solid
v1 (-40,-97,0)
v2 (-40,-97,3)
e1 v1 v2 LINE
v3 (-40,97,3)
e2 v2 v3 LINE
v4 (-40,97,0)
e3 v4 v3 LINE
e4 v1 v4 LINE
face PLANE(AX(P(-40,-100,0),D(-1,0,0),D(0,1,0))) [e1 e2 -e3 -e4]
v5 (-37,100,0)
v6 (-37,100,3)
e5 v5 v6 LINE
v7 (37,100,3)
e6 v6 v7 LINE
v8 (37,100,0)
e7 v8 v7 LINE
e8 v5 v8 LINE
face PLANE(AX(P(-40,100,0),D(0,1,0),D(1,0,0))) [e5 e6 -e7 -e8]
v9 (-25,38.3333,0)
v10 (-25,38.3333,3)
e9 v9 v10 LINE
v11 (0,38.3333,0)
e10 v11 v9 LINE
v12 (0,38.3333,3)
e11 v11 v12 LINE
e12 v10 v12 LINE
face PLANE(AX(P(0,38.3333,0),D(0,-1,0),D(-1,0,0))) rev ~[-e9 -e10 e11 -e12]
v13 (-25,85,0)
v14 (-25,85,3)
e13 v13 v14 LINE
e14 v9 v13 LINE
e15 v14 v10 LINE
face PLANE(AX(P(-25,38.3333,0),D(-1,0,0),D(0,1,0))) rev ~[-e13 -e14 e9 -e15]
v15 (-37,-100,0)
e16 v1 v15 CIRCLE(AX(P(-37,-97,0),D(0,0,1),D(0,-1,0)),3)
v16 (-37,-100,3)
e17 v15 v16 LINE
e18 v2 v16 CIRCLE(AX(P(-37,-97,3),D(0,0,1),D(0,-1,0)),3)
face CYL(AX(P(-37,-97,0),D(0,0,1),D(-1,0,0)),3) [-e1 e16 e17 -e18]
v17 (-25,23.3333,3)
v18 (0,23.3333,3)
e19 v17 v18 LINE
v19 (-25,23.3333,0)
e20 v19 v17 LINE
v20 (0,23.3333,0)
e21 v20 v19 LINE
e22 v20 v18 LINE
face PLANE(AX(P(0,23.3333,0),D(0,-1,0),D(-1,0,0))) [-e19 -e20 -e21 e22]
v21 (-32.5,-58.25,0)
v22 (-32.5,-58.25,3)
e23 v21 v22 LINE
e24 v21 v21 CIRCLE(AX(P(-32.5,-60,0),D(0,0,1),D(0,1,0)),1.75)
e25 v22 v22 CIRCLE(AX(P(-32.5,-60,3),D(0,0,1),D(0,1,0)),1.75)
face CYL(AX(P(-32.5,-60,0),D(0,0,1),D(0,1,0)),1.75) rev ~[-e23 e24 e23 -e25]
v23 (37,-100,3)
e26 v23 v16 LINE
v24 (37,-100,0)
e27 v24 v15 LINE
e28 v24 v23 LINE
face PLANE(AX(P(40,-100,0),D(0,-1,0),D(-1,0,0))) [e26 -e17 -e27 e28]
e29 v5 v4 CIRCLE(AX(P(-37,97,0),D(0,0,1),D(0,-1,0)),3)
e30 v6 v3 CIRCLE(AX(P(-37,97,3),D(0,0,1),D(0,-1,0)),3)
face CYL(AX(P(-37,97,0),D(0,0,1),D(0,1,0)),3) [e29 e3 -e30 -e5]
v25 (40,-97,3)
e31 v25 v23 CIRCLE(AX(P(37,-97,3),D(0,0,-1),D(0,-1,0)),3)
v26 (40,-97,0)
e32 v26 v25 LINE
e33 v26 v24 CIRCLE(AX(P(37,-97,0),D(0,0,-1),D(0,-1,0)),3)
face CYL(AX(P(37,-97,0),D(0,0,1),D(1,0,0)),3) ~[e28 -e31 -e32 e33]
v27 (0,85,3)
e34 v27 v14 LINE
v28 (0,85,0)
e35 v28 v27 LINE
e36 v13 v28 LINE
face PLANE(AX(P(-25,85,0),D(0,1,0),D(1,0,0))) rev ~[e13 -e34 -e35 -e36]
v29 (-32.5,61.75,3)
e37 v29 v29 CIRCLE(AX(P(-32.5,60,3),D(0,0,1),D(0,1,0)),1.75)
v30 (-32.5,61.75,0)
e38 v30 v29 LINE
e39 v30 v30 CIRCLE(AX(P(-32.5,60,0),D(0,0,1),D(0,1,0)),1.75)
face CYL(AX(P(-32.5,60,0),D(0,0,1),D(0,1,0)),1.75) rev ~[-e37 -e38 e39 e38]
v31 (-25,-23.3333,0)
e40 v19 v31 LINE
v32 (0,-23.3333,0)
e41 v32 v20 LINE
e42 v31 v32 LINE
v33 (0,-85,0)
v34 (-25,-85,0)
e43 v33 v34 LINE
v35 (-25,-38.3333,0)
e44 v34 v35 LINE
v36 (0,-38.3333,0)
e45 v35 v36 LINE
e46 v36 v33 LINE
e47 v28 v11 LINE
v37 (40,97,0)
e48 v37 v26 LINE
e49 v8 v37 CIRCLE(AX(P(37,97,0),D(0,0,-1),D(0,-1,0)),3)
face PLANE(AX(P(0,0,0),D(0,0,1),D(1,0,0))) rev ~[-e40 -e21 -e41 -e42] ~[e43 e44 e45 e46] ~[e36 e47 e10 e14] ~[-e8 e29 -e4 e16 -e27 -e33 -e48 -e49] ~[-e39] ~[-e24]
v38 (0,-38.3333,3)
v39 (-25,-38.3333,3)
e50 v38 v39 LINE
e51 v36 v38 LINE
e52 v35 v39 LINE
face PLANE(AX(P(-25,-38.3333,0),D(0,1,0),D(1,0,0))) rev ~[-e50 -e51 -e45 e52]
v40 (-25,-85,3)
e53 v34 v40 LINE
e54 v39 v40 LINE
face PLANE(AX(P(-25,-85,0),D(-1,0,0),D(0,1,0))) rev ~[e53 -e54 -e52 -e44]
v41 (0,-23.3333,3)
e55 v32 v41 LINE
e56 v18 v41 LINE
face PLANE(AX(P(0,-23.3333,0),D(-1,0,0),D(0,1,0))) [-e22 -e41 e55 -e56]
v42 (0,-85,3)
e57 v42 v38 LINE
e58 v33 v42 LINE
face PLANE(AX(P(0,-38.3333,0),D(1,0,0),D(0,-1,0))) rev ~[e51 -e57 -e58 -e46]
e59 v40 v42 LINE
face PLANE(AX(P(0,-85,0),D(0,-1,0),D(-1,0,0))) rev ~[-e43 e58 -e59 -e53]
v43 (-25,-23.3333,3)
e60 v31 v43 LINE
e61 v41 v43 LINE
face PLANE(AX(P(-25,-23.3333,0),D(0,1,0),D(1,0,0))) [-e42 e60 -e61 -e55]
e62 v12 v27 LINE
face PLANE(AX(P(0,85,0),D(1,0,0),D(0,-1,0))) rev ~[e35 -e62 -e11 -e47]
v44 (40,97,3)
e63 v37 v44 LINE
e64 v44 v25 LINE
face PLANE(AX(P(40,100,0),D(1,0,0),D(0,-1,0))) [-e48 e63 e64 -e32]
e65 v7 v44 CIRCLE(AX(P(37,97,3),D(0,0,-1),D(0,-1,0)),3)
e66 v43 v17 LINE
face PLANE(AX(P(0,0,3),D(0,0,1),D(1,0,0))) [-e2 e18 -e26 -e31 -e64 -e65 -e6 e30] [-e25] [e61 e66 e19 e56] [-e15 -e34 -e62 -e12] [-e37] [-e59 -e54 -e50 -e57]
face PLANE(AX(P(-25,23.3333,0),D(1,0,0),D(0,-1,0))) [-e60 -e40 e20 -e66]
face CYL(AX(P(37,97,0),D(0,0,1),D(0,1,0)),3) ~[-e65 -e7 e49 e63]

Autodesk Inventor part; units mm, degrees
ref_plane "YZ Plane" through (0, 0, 0) normal (1, 0, 0) x (0, 1, 0)
ref_plane "XZ Plane" through (0, 0, 0) normal (0, 1, 0) x (-1, 0, 0)
ref_plane "XY Plane" through (0, 0, 0) normal (0, 0, 1) x (1, 0, 0)
sketch "Sketch1" plane through (0, 0, 0) normal (0, 0, 1) x (1, 0, 0)
  line L0 (-40, 100) -> (40, 100)
  line L1 (40, 100) -> (40, -100)
  line L2 (40, -100) -> (-40, -100)
  line L3 (-40, -100) -> (-40, 100)
  line L4 (-40, 100) -> (40, -100) construction
  line L5 (40, 100) -> (-40, -100) construction
  point P0 (0, 0)
  dimension "d0" = 80
  dimension "d1" = 200
extrude "Extrusion1" add sketch "Sketch1" along normal blind 3
sketch "Sketch2" plane through (0, 0, 0) normal (0, 0, -1) x (-1, 0, 0)
  line L0 (40, -100) -> (-40, -100) projected
  line L1 (40, 100) -> (40, -100) projected
  line L2 (-40, 100) -> (40, 100) projected
  line L3 (-40, -100) -> (-40, 100) projected
  point P0 (0, 0)
  point P1 (32.5, -60)
  point P2 (32.5, 60)
  dimension "d4" = 7.5
  dimension "d5" = 7.5
  dimension "d6" = 40
  dimension "d7" = 40
hole "Hole1" at (-32.5, -60, 0) at (-32.5, 60, 0) direction (0, 0, 1) diameter 3.5 end through all
fillet "Fillet1" radius 3 4 edges at (-40, -100, 1.5) (40, -100, 1.5) (40, 100, 1.5) (-40, 100, 1.5)
sketch "Sketch3" plane through (0, 0, 0) normal (0, 0, -1) x (-1, 0, 0)
  arc A0 (40, 97) -> (37, 100) centre (37, 97) ccw projected
  line L0 (-37, 100) -> (37, 100) projected
  arc A1 (-37, 100) -> (-40, 97) centre (-37, 97) ccw projected
  line L1 (-40, -97) -> (-40, 97) projected
  arc A2 (-40, -97) -> (-37, -100) centre (-37, -97) ccw projected
  line L2 (37, -100) -> (-37, -100) projected
  arc A3 (37, -100) -> (40, -97) centre (37, -97) ccw projected
  line L3 (40, 97) -> (40, -97) projected
  circle A4 centre (32.5, -60) radius 1.75 projected
  circle A5 centre (32.5, 60) radius 1.75 projected
  line L4 (0, -85) -> (25, -85)
  line L5 (25, -85) -> (25, -38.3333)
  line L6 (25, -38.3333) -> (0, -38.3333)
  line L7 (0, -38.3333) -> (0, -85)
  line L8 (25, 85) -> (0, 85)
  line L9 (0, 85) -> (0, 38.3333)
  line L10 (0, 38.3333) -> (25, 38.3333)
  line L11 (25, 38.3333) -> (25, 85)
  line L12 (25, -23.3333) -> (0, -23.3333)
  line L13 (0, -23.3333) -> (0, 23.3333)
  line L14 (0, 23.3333) -> (25, 23.3333)
  line L15 (25, 23.3333) -> (25, -23.3333)
  point P0 (0, 0)
  point P1 (12.5, -23.3333)
  dimension "d16" = 15
  dimension "d17" = 15
  dimension "d18" = 15
  dimension "d19" = 15
  dimension "d20" = 15
  dimension "d21" = 25
extrude "Extrusion2" cut sketch "Sketch3" against normal through all contours L7 L6 L5 L4 | L11 L10 L9 L8 | L12 L13 L14 L15
equation "\"d5\" = d4"
equation "\"d7\" = d6"
equation "\"d17\" = d16"
equation "\"d18\" = d16"
equation "\"d19\" = d16"
properties part number "Drag Chain Guide Z Axis" material "Aluminum 6061"
